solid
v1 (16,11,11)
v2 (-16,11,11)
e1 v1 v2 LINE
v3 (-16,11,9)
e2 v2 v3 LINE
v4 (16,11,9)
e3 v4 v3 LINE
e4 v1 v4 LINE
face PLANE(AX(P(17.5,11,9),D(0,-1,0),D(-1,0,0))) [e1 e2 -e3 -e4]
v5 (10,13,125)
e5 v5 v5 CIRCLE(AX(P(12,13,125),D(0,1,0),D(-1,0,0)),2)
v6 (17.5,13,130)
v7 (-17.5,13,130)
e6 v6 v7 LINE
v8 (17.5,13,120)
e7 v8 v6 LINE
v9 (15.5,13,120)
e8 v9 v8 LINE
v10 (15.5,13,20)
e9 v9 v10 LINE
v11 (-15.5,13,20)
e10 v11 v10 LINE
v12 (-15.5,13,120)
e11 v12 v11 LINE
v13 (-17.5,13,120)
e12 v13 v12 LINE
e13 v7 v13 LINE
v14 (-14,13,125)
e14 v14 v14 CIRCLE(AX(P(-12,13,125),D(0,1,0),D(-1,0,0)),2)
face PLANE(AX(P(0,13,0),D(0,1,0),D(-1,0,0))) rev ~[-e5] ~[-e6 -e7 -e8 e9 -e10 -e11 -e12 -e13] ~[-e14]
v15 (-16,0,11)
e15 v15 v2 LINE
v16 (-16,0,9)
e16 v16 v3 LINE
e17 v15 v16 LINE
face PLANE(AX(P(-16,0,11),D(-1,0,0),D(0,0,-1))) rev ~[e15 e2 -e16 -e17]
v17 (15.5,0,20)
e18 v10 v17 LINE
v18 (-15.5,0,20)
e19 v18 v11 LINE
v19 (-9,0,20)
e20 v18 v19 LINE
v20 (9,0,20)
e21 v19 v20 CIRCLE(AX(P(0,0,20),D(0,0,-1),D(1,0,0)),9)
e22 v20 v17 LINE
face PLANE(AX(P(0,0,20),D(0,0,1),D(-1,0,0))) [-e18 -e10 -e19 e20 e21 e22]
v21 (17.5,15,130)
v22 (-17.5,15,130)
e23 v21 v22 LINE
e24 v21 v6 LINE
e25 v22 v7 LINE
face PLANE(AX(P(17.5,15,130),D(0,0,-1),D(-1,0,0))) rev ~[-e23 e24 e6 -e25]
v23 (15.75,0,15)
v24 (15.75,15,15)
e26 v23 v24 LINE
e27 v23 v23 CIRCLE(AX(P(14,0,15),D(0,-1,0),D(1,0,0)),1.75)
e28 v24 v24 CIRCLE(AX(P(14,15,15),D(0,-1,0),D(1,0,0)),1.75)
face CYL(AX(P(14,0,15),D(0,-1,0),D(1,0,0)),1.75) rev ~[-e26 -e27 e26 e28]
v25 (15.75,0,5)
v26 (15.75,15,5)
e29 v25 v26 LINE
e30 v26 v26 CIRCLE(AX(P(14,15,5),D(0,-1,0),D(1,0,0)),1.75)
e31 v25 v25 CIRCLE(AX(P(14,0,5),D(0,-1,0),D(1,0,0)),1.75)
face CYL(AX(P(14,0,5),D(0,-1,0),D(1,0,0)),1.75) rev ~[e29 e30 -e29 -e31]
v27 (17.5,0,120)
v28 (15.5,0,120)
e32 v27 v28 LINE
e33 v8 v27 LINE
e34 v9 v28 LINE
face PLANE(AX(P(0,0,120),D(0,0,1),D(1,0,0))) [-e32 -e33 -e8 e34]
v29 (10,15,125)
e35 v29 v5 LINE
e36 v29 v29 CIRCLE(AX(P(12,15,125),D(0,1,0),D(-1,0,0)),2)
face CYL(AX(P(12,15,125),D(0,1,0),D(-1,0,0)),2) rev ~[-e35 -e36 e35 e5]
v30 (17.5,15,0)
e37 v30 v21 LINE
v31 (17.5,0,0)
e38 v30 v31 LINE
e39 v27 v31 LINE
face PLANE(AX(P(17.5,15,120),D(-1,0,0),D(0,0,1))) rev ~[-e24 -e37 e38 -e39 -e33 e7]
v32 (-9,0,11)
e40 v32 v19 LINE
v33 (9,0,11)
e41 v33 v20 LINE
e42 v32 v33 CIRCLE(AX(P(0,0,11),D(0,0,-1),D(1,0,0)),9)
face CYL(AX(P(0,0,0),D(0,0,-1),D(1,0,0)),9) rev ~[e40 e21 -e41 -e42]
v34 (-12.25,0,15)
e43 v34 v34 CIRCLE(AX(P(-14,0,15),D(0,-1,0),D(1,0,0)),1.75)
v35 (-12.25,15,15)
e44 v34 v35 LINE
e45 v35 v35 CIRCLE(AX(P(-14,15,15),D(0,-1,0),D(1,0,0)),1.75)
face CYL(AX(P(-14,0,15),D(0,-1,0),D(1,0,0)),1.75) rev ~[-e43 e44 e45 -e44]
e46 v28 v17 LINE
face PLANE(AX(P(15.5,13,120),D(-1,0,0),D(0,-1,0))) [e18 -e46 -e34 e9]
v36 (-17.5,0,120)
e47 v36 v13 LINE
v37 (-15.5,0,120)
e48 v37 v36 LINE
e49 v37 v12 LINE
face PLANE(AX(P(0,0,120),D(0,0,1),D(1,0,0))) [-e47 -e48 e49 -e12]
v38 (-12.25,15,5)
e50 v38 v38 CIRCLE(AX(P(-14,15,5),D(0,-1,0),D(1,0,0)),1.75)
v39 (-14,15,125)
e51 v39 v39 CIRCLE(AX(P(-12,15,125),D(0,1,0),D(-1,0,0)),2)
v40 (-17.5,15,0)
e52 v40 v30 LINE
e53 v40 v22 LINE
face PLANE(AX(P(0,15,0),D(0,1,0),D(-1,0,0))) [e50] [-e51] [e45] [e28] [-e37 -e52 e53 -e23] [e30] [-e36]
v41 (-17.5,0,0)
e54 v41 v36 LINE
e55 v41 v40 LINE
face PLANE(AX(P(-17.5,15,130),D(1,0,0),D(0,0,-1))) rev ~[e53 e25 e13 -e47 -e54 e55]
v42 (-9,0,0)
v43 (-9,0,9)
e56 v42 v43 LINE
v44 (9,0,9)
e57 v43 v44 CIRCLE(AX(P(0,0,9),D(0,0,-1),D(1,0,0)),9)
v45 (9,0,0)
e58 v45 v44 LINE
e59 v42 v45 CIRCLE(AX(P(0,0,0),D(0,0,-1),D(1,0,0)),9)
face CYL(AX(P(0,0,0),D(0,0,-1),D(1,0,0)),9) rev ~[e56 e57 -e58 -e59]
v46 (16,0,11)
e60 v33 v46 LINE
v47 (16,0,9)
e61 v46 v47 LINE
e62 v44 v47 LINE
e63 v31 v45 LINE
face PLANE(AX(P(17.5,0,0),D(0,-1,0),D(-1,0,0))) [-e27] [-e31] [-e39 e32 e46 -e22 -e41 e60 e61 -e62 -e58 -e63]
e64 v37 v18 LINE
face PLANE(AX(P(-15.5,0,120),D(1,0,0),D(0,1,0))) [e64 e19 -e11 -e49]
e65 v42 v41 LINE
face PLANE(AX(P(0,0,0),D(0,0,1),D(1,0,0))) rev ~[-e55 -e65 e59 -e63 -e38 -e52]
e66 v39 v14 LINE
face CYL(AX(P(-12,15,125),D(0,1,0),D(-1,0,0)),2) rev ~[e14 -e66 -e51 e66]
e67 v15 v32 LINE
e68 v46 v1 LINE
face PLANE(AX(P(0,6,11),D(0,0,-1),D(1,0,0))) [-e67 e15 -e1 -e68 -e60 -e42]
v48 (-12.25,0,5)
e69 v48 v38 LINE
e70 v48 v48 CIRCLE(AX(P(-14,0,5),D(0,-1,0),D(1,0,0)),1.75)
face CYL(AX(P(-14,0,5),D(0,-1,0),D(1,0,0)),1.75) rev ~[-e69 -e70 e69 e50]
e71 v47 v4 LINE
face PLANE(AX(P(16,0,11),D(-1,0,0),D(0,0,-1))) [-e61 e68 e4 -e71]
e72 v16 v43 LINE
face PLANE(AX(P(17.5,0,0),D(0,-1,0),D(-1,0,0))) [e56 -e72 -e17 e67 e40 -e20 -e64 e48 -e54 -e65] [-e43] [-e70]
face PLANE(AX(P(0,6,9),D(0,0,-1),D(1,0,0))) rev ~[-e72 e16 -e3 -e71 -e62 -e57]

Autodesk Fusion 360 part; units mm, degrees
sketch "スケッチ1" plane through (0, 0, 0) normal (0, 0, 1) x (1, 0, 0)
  line L0 (-17.5, 15) -> (17.5, 15)
  line L1 (17.5, 15) -> (17.5, 0)
  line L2 (17.5, 0) -> (-17.5, 0)
  line L3 (-17.5, 0) -> (-17.5, 15)
  dimension "d1" = 35
  dimension "d2" = 15
extrude "押し出し1" add sketch "スケッチ1" along normal blind 120
sketch "スケッチ2" plane through (0, 0, 0) normal (0, 0, -1) x (1, 0, 0)
  line L0 (17.5, 0) -> (-17.5, 0)
  line L1 (-17.5, 0) -> (-17.5, -15)
  line L2 (-17.5, -15) -> (17.5, -15)
  line L3 (17.5, -15) -> (17.5, 0)
  circle A0 centre (0, 0) radius 9
  dimension "d5" = 18
extrude "押し出し2" cut sketch "スケッチ2" against normal blind 20 contours L0 A0 picked at (1.5, -2.5981)
sketch "スケッチ3" plane through (0, 0, 120) normal (0, 0, 1) x (-1, 0, 0)
  line L0 (17.5, 0) -> (-17.5, 0)
  line L1 (-17.5, 0) -> (-17.5, -15)
  line L2 (-17.5, -15) -> (17.5, -15)
  line L3 (17.5, -15) -> (17.5, 0)
  line L4 (15.5, -13) -> (-15.5, -13)
  line L5 (-15.5, -13) -> (-15.5, 0)
  line L6 (-15.5, 0) -> (15.5, 0)
  line L7 (15.5, 0) -> (15.5, -13)
  dimension "d8" = 2
  dimension "d9" = 31
extrude "押し出し3" cut sketch "スケッチ3" against normal blind 100 contours L0 L4 L5 L6 L7
ref_plane "作業平面1" through (0, 7.5, 9) normal (0, 0, -1) x (-1, 0, 0)
sketch "スケッチ4" plane through (0, 6, 9) normal (0, 0, -1) x (1, 0, 0)
  line L0 (-17.5, 6) -> (17.5, 6)
  line L1 (17.5, 6) -> (17.5, -5)
  line L2 (17.5, -5) -> (-17.5, -5)
  line L3 (-17.5, -5) -> (-17.5, 6)
  line L4 (-17.5, 6) -> (-17.5, -9)
  line L5 (17.5, -9) -> (17.5, 6)
  line L6 (17.5, 6) -> (9, 6)
  dimension "d13" = 11
extrude "押し出し4" cut sketch "スケッチ4" against normal blind 2
sketch "スケッチ5" plane through (0, 15, 0) normal (0, 1, 0) x (-1, 0, 0)
  line L0 (-17.5, 0) -> (17.5, 0)
  line L1 (17.5, 0) -> (17.5, 120)
  line L2 (17.5, 120) -> (-17.5, 120)
  line L3 (-17.5, 120) -> (-17.5, 0)
  line L4 (-17.5, 130) -> (17.5, 130)
  line L5 (17.5, 130) -> (17.5, 120)
  line L6 (17.5, 120) -> (-17.5, 120)
  line L7 (-17.5, 120) -> (-17.5, 130)
  line L8 (-17.5, 125) -> (17.5, 125) construction
  circle A0 centre (12, 125) radius 2
  circle A1 centre (-12, 125) radius 2
  dimension "d16" = 4
  dimension "d17" = 4
  dimension "d18" = 24
  dimension "d19" = 10
  dimension "d20" = 5.5
extrude "押し出し5" add sketch "スケッチ5" against normal blind 2 contours L2 L4 L5 L6 L7
sketch "スケッチ7" plane through (0, 0, 0) normal (0, -1, 0) x (1, 0, 0)
  line L0 (-17.5, 11) -> (-9, 11)
  line L1 (-9, 11) -> (-9, 20)
  line L2 (-9, 20) -> (-15.5, 20)
  line L3 (-15.5, 20) -> (-15.5, 120)
  line L4 (-15.5, 120) -> (-17.5, 120)
  line L5 (-17.5, 120) -> (-17.5, 11)
  line L6 (-17.5, 11) -> (-16, 11)
  line L7 (-16, 11) -> (-16, 9)
  line L8 (-16, 9) -> (-17.5, 9)
  line L9 (-17.5, 9) -> (-17.5, 11)
  line L10 (-9, 9) -> (-17.5, 9)
  line L11 (17.5, 11) -> (16, 11)
  line L12 (16, 11) -> (16, 9)
  line L13 (16, 9) -> (17.5, 9)
  line L14 (17.5, 9) -> (17.5, 11)
  line L15 (17.5, 9) -> (9, 9)
  point P0 (17.5, 11)
  dimension "d26" = 32
  dimension "d27" = 1.5
extrude "押し出し7" add sketch "スケッチ7" against normal blind 11 contours L0 L6 L7 L8 L9 L10 | L11 L12 L13 L14 L15
sketch "スケッチ8" plane through (0, 0, 0) normal (0, -1, 0) x (1, 0, 0)
  line L0 (-16, 11) -> (-9, 11)
  line L1 (-9, 11) -> (-9, 20)
  line L2 (-9, 20) -> (-15.5, 20)
  line L3 (-15.5, 20) -> (-15.5, 120)
  line L4 (-15.5, 120) -> (-17.5, 120)
  line L5 (-17.5, 120) -> (-17.5, 0)
  line L6 (-17.5, 0) -> (-9, 0)
  line L7 (-9, 0) -> (-9, 9)
  line L8 (-9, 9) -> (-16, 9)
  line L9 (-16, 9) -> (-16, 11)
  circle A0 centre (-14, 15) radius 1.75
  line L10 (18.5, 15) -> (-17.5, 15) construction
  line L11 (17.541, 5) -> (-17.5, 5) construction
  line L12 (15.5, 20) -> (9, 20) construction
  circle A1 centre (14, 15) radius 1.75
  circle A2 centre (14, 5) radius 1.75
  circle A3 centre (-14, 5) radius 1.75
  line L13 (17.5, 0) -> (17.5, 120)
  dimension "d30" = 5
  dimension "d31" = 10
  dimension "d32" = 3.5
  dimension "d33" = 3.5
  dimension "d34" = 3.5
  dimension "d35" = 3.5
  dimension "d36" = 3.5
  dimension "d37" = 3.5
  dimension "d38" = 3.5
  dimension "d39" = 3.5
extrude "押し出し8" cut sketch "スケッチ8" against normal blind 15 contours A0 | A1 | A2 | A3
